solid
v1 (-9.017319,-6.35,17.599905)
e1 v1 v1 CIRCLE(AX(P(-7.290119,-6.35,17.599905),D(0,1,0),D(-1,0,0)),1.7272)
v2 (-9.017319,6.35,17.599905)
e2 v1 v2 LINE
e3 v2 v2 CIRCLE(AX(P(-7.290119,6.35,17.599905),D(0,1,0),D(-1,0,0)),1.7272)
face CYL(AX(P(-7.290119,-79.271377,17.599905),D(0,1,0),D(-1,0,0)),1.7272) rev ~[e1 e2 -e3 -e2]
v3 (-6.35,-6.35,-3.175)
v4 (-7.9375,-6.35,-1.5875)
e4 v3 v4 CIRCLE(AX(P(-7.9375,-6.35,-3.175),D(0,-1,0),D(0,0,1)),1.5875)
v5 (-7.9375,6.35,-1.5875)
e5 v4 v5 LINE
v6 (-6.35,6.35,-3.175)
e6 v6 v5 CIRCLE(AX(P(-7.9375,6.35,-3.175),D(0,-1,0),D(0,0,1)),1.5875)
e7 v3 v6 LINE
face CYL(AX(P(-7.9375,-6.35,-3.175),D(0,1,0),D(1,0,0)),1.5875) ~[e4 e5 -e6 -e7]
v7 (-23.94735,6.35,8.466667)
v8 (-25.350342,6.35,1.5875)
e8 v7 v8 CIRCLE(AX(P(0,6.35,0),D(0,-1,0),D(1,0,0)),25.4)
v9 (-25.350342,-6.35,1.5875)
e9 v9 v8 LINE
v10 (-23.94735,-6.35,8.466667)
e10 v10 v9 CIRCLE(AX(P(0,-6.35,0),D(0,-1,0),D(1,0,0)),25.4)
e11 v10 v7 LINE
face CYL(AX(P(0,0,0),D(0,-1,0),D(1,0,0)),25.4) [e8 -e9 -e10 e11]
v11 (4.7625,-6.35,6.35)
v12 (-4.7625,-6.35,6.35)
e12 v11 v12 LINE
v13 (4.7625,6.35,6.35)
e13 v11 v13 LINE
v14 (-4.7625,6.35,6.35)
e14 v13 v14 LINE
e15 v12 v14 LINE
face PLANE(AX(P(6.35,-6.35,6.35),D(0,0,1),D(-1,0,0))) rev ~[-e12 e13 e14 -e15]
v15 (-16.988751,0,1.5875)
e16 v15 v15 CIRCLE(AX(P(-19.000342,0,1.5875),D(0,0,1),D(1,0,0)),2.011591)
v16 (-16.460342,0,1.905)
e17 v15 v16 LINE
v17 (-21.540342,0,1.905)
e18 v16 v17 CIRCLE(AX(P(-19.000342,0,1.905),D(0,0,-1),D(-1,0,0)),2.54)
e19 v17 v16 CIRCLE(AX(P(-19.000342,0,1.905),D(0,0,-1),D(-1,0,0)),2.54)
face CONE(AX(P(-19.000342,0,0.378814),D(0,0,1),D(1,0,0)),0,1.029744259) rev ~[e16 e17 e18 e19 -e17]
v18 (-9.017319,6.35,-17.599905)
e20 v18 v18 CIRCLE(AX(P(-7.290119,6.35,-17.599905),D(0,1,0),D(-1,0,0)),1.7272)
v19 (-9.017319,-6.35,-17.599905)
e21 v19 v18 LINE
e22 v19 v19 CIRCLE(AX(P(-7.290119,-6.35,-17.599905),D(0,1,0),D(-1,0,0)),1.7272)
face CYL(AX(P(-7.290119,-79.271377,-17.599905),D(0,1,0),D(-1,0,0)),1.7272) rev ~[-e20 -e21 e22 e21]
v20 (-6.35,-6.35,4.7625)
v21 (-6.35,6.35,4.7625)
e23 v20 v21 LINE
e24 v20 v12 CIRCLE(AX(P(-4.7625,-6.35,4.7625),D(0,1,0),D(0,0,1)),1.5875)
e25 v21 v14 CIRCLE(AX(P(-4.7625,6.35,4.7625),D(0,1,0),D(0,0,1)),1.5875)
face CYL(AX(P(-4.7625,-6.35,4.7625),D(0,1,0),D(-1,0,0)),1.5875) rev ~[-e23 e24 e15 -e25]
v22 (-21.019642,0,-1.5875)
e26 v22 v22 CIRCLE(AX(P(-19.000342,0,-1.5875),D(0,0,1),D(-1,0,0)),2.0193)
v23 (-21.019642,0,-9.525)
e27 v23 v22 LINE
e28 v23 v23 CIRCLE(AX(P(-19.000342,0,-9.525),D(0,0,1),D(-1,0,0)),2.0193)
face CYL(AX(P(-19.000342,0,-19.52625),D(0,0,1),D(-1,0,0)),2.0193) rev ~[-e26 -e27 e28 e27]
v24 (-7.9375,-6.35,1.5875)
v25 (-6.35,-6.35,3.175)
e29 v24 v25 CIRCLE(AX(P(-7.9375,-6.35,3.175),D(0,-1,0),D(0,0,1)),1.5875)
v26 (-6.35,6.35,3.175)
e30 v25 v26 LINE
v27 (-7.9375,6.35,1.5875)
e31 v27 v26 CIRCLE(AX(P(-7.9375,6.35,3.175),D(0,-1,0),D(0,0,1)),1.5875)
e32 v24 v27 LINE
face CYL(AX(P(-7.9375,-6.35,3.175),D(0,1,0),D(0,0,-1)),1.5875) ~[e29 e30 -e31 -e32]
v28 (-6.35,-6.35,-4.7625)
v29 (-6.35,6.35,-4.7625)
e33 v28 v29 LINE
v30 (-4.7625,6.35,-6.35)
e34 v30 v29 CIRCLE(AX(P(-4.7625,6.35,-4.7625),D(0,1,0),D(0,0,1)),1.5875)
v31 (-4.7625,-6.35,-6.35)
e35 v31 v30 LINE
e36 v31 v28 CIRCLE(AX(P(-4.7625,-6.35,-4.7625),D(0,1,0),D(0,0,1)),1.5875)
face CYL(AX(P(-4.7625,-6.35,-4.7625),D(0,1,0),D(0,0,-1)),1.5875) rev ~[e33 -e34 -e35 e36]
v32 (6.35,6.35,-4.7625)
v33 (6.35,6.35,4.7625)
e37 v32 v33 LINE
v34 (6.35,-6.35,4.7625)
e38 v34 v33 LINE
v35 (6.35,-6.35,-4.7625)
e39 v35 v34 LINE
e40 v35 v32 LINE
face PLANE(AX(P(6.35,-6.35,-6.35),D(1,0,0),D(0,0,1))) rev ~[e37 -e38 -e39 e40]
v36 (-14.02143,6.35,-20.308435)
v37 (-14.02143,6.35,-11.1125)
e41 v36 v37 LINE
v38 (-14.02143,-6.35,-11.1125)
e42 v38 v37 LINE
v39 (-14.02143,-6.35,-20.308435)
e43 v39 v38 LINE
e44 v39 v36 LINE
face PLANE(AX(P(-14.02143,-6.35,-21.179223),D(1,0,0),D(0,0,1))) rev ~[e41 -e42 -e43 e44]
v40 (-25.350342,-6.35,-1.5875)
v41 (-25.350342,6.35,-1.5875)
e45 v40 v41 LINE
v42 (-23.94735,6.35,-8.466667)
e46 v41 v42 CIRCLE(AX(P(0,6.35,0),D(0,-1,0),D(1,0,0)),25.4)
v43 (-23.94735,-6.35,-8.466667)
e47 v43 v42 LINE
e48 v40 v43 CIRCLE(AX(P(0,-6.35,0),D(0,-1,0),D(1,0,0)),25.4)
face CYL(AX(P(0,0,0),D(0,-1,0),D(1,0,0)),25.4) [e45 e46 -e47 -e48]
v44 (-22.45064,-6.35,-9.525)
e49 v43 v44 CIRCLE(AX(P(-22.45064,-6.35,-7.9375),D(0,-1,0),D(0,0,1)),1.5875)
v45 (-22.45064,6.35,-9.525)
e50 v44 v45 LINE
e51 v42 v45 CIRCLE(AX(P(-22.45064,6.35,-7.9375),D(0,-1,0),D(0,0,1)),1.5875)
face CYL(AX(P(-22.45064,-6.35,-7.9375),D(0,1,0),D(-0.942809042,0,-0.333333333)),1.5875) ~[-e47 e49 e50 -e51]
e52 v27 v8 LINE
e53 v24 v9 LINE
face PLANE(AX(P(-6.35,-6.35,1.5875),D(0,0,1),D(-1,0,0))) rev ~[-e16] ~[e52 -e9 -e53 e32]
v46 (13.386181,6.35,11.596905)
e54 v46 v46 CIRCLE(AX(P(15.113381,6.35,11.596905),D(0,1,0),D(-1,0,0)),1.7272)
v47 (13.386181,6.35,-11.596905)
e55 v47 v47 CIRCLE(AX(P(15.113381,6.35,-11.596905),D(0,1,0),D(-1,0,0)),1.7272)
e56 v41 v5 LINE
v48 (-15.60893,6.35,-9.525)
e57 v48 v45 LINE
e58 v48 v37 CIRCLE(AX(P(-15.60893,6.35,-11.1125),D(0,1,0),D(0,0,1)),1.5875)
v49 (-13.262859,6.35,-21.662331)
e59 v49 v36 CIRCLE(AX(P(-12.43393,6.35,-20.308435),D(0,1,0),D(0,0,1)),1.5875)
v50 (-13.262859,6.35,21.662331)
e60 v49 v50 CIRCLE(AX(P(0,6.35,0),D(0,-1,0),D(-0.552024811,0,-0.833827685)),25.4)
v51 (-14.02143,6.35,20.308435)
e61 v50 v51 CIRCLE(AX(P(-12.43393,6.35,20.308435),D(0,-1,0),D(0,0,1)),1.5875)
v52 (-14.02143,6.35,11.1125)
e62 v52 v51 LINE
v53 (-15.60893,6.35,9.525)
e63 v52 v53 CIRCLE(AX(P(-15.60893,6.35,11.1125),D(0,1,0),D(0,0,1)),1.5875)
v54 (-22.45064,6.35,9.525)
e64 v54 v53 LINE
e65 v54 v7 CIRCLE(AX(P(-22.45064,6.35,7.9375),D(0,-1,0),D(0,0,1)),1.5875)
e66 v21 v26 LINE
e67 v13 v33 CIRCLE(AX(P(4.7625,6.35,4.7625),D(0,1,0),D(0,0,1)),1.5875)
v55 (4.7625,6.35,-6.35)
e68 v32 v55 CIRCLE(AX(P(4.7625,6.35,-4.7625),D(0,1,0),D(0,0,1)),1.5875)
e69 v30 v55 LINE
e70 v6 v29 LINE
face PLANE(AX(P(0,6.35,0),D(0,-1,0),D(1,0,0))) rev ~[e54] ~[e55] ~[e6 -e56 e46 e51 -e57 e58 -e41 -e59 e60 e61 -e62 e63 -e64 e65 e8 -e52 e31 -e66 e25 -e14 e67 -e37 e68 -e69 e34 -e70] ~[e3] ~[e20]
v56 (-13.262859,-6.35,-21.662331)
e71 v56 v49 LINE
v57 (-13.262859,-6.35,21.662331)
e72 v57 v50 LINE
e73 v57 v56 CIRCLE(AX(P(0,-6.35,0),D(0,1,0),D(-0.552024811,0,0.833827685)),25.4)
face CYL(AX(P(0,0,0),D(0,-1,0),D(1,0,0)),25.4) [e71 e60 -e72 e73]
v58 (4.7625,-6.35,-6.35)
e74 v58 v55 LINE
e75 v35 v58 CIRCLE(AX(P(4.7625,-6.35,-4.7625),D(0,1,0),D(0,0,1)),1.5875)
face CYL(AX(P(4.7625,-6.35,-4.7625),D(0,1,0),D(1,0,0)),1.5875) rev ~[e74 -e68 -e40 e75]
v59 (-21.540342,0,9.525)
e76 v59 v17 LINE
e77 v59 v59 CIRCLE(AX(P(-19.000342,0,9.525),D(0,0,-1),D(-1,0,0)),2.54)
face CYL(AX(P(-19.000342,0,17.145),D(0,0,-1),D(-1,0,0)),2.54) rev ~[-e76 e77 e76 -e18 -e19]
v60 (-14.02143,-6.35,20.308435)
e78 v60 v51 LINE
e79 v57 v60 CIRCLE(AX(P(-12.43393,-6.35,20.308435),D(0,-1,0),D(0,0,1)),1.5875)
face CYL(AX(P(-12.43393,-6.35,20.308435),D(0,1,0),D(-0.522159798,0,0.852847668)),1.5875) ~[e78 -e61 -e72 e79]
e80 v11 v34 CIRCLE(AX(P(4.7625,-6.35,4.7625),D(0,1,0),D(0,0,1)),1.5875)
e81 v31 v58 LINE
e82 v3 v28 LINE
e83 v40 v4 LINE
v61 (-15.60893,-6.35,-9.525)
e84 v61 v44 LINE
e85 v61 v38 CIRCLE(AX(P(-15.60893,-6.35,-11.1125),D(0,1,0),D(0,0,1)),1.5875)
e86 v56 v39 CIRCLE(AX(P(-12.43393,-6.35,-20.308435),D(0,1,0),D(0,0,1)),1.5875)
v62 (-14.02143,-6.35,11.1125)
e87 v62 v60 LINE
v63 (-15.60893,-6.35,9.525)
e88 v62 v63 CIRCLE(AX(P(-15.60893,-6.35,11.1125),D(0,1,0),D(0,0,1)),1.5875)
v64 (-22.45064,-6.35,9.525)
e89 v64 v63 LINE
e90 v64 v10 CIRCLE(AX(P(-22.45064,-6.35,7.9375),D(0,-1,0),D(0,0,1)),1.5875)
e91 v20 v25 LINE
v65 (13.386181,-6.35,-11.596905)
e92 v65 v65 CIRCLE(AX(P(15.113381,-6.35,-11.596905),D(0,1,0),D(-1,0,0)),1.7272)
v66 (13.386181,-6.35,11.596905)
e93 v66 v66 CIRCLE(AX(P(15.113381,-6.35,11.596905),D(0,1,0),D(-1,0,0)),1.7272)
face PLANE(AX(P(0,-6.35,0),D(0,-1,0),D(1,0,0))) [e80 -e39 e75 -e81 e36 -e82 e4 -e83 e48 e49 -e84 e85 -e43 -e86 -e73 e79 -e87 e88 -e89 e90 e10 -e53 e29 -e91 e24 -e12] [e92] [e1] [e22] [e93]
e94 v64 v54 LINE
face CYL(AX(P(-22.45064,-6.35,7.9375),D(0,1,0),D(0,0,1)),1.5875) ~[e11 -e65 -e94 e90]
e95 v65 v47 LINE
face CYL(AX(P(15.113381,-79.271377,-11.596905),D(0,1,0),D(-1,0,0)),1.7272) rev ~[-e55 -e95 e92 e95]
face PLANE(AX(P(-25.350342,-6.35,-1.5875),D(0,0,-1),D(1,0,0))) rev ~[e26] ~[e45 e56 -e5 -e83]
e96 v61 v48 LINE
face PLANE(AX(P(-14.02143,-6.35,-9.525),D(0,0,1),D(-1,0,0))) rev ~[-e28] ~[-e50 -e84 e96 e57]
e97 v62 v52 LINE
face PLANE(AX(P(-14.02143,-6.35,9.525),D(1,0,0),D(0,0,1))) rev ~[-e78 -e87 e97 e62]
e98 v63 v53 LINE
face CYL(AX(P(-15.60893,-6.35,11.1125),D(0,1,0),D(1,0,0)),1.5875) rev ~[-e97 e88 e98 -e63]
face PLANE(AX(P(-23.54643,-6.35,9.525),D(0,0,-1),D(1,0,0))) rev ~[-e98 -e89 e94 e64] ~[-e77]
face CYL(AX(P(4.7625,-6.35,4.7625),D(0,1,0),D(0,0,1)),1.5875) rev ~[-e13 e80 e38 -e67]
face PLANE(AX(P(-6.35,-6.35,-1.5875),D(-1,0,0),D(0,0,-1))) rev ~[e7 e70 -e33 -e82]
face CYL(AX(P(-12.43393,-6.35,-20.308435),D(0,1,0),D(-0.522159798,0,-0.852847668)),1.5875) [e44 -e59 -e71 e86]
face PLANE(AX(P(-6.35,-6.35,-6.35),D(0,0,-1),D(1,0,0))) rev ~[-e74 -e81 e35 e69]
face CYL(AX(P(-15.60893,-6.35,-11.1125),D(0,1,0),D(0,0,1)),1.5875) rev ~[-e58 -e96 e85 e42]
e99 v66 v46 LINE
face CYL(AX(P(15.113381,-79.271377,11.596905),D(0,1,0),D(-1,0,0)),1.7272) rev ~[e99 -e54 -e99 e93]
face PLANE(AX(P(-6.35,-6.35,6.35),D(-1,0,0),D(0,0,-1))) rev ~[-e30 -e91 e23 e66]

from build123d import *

# Parameters (mm, degrees)
F0_R      = 25.4
F1_DEPTH  = 6.35
F3_DEPTH  = 25.4
F5_DEPTH  = 25.4
F6_R      = 1.5875
F8_D      = 3.4544
F10_D     = 5.08
F10_DEPTH = 7.62
F10_TIP   = 1.5261859723
F12_D     = 4.0386
F12_DEPTH = 10.00125
F12_TIP   = 1.213317848


with BuildPart() as f1:
    # F0 (on Front) → F1 (new body, symmetric)
    with BuildSketch(Plane.XZ):
        Circle(F0_R)
    extrude(amount=F1_DEPTH, both=True)

    # F2 (on face) → F3 (cut)
    with BuildSketch(Plane.XZ.offset(6.35)):
        with BuildLine():
            Line((-6.35, -1.5875), (-6.35, 1.5875))
            Line((-6.35, 1.5875), (-25.3503420835, 1.5875))
            ThreePointArc((-25.3503420835, 1.5875), (-25.3875824855, 0.7941382371), (-25.4, 0))
            ThreePointArc((-25.4, 0), (-25.3875824855, -0.7941382371), (-25.3503420835, -1.5875))
            Line((-25.3503420835, -1.5875), (-6.35, -1.5875))
        make_face()
        Polygon((6.35, 6.35), (-6.35, 6.35), (-6.35, 1.5875), (-6.35, -1.5875), (-6.35, -6.35), (6.35, -6.35), align=None)
    extrude(amount=-F3_DEPTH, mode=Mode.SUBTRACT)

    # F4 (on face) → F5 (cut)
    with BuildSketch(Plane.XZ.offset(6.35)):
        with BuildLine():
            Line((-23.5464301965, 9.525), (-14.0214301965, 9.525))
            Line((-14.0214301965, 9.525), (-14.0214301965, 21.1792231974))
            ThreePointArc((-14.0214301965, 21.1792231974), (-19.6670095137, 16.0738525808), (-23.5464301965, 9.525))
        make_face()
        with BuildLine():
            ThreePointArc((-23.5464301965, -9.525), (-19.6670095137, -16.0738525808), (-14.0214301965, -21.1792231974))
            Line((-14.0214301965, -21.1792231974), (-14.0214301965, -9.525))
            Line((-14.0214301965, -9.525), (-23.5464301965, -9.525))
        make_face()
    extrude(amount=-F5_DEPTH, mode=Mode.SUBTRACT)

    # F6
    f6_edges = [f1.edges().sort_by_distance(p)[0] for p in [
        (-23.54643, 0, 9.525),
        (-14.02143, 0, 21.179223),
        (-14.02143, 0, 9.525),
        (-6.35, 0, 6.35),
        (-6.35, 0, 1.5875),
        (-6.35, 0, -1.5875),
        (-6.35, 0, -6.35),
        (6.35, 0, 6.35),
        (6.35, 0, -6.35),
        (-23.54643, 0, -9.525),
        (-14.02143, 0, -9.525),
        (-14.02143, 0, -21.179223),
    ]]
    fillet(f6_edges, radius=F6_R)

    # F8 (through all)
    with Locations(Plane.XZ.offset(6.35)):
        with Locations((-7.2901193866, 17.5999050943), (15.1133811325, 11.5969052226), (15.1133811325, -11.5969052226), (-7.2901193866, -17.5999050943)):
            Hole(F8_D / 2)

    # F10
    with Locations(Plane.XY.offset(9.525)):
        with Locations((-19.0003420835, 0)):
            Hole(F10_D / 2, depth=F10_DEPTH)
            with Locations((0, 0, -(F10_DEPTH + F10_TIP / 2))):  # 118° drill point
                Cone(0, F10_D / 2, F10_TIP, mode=Mode.SUBTRACT)

    # F12
    with Locations(Plane(origin=(0, 0, -9.525), x_dir=(1, 0, 0), z_dir=(0, 0, -1))):
        with Locations((-19.0003420835, 0)):
            Hole(F12_D / 2, depth=F12_DEPTH)
            with Locations((0, 0, -(F12_DEPTH + F12_TIP / 2))):  # 118° drill point
                Cone(0, F12_D / 2, F12_TIP, mode=Mode.SUBTRACT)


solid = f1.part
